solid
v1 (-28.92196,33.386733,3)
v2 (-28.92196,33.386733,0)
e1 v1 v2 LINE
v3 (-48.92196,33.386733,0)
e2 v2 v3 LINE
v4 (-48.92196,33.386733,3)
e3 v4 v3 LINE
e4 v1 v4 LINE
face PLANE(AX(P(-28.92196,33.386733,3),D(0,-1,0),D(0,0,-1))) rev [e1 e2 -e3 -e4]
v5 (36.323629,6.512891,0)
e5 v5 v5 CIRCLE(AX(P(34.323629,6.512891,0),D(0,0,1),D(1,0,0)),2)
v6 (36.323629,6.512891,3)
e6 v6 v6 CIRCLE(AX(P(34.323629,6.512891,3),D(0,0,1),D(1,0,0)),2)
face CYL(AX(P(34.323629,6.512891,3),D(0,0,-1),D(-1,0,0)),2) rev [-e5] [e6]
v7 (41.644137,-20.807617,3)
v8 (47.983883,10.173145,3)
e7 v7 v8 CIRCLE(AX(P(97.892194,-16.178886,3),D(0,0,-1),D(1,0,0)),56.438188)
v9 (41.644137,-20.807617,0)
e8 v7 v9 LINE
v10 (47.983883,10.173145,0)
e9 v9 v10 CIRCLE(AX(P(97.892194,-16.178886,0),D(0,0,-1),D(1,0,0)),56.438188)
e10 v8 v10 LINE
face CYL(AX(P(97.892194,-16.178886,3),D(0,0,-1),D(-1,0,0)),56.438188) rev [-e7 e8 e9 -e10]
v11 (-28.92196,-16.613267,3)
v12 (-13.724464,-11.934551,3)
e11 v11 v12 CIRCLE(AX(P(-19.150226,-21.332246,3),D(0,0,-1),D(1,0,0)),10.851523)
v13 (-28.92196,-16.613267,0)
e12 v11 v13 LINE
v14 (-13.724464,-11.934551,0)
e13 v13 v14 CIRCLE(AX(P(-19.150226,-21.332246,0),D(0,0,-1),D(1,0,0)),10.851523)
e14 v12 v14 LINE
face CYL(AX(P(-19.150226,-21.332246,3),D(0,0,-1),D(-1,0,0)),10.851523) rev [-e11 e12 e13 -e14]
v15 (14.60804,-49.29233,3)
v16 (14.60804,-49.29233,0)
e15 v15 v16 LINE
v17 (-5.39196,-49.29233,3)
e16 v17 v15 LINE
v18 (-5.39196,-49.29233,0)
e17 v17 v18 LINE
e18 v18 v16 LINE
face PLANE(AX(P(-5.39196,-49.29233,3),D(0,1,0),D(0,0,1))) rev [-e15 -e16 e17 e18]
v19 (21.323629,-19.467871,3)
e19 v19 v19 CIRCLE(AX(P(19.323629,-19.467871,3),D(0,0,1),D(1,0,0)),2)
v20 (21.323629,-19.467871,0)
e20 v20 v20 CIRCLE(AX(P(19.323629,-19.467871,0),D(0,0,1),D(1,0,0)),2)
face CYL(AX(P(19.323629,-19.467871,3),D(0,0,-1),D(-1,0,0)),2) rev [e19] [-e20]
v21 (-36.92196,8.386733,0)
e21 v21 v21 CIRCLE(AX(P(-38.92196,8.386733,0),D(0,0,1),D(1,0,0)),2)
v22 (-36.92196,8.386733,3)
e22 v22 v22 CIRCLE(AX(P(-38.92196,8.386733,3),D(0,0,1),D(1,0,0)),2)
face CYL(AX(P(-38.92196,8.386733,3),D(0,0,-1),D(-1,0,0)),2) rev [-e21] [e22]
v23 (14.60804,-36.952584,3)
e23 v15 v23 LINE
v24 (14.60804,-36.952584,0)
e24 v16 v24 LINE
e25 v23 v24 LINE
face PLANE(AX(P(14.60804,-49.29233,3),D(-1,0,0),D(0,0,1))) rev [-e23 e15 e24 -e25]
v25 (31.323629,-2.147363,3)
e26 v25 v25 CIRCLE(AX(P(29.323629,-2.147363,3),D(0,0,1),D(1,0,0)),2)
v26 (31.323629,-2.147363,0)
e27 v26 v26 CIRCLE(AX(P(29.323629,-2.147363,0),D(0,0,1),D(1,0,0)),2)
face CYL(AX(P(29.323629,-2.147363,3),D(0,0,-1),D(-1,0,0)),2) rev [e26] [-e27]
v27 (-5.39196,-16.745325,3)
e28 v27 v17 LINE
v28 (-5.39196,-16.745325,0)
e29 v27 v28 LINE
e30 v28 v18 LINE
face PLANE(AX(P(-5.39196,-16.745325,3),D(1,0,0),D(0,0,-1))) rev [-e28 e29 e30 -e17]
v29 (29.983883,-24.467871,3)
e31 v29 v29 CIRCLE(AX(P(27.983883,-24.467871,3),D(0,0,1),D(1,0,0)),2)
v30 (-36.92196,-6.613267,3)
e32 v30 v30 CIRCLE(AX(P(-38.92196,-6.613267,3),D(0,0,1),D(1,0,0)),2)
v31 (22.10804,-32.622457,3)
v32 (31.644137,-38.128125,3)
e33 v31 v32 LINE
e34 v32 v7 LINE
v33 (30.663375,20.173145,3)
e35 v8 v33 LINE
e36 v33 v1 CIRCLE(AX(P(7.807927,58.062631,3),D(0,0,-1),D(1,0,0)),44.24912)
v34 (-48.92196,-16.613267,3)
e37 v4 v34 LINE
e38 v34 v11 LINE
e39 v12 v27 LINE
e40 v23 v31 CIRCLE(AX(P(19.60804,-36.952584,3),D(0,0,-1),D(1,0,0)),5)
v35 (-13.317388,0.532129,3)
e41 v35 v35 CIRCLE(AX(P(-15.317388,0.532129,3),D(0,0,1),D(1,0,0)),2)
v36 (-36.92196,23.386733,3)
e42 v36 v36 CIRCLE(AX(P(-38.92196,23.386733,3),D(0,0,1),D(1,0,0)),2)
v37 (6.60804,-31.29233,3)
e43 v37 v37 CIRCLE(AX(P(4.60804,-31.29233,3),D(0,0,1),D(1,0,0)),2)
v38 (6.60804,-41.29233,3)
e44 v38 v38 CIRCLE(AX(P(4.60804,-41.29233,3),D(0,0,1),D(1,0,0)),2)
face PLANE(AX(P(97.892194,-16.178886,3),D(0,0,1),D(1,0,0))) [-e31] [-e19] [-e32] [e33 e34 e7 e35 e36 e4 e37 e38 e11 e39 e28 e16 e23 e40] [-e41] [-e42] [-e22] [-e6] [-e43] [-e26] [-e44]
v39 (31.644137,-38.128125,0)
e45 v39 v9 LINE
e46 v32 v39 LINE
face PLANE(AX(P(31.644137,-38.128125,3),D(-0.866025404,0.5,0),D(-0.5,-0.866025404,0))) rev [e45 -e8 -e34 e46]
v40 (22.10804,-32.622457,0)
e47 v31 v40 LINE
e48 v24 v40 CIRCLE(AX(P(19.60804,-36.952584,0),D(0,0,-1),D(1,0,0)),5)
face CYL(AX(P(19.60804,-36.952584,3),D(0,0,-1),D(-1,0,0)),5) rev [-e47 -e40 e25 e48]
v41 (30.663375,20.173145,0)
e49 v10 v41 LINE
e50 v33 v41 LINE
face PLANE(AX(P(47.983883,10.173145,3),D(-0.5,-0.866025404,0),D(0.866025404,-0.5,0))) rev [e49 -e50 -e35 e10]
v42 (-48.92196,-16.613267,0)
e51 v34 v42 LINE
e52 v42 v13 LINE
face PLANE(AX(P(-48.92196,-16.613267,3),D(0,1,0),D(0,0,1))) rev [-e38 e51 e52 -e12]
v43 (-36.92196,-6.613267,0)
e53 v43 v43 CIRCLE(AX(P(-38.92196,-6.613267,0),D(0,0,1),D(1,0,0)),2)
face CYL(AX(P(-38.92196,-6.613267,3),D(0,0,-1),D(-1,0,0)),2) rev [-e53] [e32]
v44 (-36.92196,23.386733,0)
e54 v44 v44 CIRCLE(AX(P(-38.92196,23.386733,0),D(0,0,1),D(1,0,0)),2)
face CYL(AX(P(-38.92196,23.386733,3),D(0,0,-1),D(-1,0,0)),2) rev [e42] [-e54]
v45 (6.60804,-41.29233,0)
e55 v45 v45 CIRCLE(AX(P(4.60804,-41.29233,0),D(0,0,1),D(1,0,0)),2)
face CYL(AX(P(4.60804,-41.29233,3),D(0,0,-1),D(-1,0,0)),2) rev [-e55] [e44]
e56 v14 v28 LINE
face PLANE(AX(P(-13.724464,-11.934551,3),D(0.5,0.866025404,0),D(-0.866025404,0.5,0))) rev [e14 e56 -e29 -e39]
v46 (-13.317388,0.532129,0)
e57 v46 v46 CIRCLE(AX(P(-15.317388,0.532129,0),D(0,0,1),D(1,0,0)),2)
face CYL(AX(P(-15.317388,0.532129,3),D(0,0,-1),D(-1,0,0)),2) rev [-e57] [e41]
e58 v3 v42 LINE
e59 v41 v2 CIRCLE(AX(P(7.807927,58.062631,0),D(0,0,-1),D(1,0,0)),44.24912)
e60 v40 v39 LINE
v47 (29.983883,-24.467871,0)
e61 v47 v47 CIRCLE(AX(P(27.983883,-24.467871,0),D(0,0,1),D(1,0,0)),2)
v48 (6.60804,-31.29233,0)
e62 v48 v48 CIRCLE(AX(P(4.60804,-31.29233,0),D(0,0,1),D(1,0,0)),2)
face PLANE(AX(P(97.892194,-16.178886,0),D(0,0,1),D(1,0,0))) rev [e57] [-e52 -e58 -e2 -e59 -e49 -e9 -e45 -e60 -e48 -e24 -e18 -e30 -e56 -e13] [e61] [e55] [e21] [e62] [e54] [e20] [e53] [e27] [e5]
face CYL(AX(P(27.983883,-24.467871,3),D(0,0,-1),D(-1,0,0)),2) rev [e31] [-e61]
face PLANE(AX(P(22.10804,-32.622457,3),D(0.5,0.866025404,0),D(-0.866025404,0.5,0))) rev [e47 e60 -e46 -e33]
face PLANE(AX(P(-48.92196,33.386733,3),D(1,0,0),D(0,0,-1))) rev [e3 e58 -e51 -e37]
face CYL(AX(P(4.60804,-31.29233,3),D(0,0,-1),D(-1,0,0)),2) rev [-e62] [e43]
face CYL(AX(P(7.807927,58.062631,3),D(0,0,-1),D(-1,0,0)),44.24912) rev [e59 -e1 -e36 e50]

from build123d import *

# Parameters (mm, degrees)
SKETCH_1_R      = 2
EXTRUDE_1_DEPTH = 3


with BuildPart() as part:
    # 草图1 → 凸台-拉伸1 (new body)
    with BuildSketch(Plane.XY):
        with BuildLine():
            Line((47.983882687, 10.173144913), (30.663374611, 20.173144913))
            ThreePointArc((30.663374611, 20.173144913), (-1.771986525, 14.862979702), (-28.921960456, 33.386732619))
            Line((-28.921960456, 33.386732619), (-48.921960456, 33.386732619))
            Line((-48.921960456, 33.386732619), (-48.921960456, -16.613267381))
            Line((-48.921960456, -16.613267381), (-28.921960456, -16.613267381))
            ThreePointArc((-28.921960456, -16.613267381), (-22.343103236, -10.961079821), (-13.724464148, -11.93455135))
            Line((-13.724464148, -11.93455135), (-5.391960456, -16.745324599))
            Line((-5.391960456, -16.745324599), (-5.391960456, -49.292329983))
            Line((-5.391960456, -49.292329983), (14.608039544, -49.292329983))
            Line((14.608039544, -49.292329983), (14.608039544, -36.952584021))
            ThreePointArc((14.608039544, -36.952584021), (17.108039544, -32.622457002), (22.108039544, -32.622457002))
            Line((22.108039544, -32.622457002), (31.644136725, -38.128125276))
            Line((31.644136725, -38.128125276), (41.644136725, -20.8076172))
            ThreePointArc((41.644136725, -20.8076172), (42.599829652, -4.864137572), (47.983882687, 10.173144913))
        make_face()
        with Locations((-38.921960456, 23.386732619)):
            Circle(SKETCH_1_R, mode=Mode.SUBTRACT)
        with Locations((-38.921960456, 8.386732619)):
            Circle(SKETCH_1_R, mode=Mode.SUBTRACT)
        with Locations((-38.921960456, -6.613267381)):
            Circle(SKETCH_1_R, mode=Mode.SUBTRACT)
        with Locations((-15.317387503, 0.532128762)):
            Circle(SKETCH_1_R, mode=Mode.SUBTRACT)
        with Locations((34.323628649, 6.512890875)):
            Circle(SKETCH_1_R, mode=Mode.SUBTRACT)
        with Locations((29.323628649, -2.147363162)):
            Circle(SKETCH_1_R, mode=Mode.SUBTRACT)
        with Locations((19.323628649, -19.467871238)):
            Circle(SKETCH_1_R, mode=Mode.SUBTRACT)
        with Locations((27.983882687, -24.467871238)):
            Circle(SKETCH_1_R, mode=Mode.SUBTRACT)
        with Locations((4.608039544, -31.292329983)):
            Circle(SKETCH_1_R, mode=Mode.SUBTRACT)
        with Locations((4.608039544, -41.292329983)):
            Circle(SKETCH_1_R, mode=Mode.SUBTRACT)
    extrude(amount=EXTRUDE_1_DEPTH)


solid = part.part
